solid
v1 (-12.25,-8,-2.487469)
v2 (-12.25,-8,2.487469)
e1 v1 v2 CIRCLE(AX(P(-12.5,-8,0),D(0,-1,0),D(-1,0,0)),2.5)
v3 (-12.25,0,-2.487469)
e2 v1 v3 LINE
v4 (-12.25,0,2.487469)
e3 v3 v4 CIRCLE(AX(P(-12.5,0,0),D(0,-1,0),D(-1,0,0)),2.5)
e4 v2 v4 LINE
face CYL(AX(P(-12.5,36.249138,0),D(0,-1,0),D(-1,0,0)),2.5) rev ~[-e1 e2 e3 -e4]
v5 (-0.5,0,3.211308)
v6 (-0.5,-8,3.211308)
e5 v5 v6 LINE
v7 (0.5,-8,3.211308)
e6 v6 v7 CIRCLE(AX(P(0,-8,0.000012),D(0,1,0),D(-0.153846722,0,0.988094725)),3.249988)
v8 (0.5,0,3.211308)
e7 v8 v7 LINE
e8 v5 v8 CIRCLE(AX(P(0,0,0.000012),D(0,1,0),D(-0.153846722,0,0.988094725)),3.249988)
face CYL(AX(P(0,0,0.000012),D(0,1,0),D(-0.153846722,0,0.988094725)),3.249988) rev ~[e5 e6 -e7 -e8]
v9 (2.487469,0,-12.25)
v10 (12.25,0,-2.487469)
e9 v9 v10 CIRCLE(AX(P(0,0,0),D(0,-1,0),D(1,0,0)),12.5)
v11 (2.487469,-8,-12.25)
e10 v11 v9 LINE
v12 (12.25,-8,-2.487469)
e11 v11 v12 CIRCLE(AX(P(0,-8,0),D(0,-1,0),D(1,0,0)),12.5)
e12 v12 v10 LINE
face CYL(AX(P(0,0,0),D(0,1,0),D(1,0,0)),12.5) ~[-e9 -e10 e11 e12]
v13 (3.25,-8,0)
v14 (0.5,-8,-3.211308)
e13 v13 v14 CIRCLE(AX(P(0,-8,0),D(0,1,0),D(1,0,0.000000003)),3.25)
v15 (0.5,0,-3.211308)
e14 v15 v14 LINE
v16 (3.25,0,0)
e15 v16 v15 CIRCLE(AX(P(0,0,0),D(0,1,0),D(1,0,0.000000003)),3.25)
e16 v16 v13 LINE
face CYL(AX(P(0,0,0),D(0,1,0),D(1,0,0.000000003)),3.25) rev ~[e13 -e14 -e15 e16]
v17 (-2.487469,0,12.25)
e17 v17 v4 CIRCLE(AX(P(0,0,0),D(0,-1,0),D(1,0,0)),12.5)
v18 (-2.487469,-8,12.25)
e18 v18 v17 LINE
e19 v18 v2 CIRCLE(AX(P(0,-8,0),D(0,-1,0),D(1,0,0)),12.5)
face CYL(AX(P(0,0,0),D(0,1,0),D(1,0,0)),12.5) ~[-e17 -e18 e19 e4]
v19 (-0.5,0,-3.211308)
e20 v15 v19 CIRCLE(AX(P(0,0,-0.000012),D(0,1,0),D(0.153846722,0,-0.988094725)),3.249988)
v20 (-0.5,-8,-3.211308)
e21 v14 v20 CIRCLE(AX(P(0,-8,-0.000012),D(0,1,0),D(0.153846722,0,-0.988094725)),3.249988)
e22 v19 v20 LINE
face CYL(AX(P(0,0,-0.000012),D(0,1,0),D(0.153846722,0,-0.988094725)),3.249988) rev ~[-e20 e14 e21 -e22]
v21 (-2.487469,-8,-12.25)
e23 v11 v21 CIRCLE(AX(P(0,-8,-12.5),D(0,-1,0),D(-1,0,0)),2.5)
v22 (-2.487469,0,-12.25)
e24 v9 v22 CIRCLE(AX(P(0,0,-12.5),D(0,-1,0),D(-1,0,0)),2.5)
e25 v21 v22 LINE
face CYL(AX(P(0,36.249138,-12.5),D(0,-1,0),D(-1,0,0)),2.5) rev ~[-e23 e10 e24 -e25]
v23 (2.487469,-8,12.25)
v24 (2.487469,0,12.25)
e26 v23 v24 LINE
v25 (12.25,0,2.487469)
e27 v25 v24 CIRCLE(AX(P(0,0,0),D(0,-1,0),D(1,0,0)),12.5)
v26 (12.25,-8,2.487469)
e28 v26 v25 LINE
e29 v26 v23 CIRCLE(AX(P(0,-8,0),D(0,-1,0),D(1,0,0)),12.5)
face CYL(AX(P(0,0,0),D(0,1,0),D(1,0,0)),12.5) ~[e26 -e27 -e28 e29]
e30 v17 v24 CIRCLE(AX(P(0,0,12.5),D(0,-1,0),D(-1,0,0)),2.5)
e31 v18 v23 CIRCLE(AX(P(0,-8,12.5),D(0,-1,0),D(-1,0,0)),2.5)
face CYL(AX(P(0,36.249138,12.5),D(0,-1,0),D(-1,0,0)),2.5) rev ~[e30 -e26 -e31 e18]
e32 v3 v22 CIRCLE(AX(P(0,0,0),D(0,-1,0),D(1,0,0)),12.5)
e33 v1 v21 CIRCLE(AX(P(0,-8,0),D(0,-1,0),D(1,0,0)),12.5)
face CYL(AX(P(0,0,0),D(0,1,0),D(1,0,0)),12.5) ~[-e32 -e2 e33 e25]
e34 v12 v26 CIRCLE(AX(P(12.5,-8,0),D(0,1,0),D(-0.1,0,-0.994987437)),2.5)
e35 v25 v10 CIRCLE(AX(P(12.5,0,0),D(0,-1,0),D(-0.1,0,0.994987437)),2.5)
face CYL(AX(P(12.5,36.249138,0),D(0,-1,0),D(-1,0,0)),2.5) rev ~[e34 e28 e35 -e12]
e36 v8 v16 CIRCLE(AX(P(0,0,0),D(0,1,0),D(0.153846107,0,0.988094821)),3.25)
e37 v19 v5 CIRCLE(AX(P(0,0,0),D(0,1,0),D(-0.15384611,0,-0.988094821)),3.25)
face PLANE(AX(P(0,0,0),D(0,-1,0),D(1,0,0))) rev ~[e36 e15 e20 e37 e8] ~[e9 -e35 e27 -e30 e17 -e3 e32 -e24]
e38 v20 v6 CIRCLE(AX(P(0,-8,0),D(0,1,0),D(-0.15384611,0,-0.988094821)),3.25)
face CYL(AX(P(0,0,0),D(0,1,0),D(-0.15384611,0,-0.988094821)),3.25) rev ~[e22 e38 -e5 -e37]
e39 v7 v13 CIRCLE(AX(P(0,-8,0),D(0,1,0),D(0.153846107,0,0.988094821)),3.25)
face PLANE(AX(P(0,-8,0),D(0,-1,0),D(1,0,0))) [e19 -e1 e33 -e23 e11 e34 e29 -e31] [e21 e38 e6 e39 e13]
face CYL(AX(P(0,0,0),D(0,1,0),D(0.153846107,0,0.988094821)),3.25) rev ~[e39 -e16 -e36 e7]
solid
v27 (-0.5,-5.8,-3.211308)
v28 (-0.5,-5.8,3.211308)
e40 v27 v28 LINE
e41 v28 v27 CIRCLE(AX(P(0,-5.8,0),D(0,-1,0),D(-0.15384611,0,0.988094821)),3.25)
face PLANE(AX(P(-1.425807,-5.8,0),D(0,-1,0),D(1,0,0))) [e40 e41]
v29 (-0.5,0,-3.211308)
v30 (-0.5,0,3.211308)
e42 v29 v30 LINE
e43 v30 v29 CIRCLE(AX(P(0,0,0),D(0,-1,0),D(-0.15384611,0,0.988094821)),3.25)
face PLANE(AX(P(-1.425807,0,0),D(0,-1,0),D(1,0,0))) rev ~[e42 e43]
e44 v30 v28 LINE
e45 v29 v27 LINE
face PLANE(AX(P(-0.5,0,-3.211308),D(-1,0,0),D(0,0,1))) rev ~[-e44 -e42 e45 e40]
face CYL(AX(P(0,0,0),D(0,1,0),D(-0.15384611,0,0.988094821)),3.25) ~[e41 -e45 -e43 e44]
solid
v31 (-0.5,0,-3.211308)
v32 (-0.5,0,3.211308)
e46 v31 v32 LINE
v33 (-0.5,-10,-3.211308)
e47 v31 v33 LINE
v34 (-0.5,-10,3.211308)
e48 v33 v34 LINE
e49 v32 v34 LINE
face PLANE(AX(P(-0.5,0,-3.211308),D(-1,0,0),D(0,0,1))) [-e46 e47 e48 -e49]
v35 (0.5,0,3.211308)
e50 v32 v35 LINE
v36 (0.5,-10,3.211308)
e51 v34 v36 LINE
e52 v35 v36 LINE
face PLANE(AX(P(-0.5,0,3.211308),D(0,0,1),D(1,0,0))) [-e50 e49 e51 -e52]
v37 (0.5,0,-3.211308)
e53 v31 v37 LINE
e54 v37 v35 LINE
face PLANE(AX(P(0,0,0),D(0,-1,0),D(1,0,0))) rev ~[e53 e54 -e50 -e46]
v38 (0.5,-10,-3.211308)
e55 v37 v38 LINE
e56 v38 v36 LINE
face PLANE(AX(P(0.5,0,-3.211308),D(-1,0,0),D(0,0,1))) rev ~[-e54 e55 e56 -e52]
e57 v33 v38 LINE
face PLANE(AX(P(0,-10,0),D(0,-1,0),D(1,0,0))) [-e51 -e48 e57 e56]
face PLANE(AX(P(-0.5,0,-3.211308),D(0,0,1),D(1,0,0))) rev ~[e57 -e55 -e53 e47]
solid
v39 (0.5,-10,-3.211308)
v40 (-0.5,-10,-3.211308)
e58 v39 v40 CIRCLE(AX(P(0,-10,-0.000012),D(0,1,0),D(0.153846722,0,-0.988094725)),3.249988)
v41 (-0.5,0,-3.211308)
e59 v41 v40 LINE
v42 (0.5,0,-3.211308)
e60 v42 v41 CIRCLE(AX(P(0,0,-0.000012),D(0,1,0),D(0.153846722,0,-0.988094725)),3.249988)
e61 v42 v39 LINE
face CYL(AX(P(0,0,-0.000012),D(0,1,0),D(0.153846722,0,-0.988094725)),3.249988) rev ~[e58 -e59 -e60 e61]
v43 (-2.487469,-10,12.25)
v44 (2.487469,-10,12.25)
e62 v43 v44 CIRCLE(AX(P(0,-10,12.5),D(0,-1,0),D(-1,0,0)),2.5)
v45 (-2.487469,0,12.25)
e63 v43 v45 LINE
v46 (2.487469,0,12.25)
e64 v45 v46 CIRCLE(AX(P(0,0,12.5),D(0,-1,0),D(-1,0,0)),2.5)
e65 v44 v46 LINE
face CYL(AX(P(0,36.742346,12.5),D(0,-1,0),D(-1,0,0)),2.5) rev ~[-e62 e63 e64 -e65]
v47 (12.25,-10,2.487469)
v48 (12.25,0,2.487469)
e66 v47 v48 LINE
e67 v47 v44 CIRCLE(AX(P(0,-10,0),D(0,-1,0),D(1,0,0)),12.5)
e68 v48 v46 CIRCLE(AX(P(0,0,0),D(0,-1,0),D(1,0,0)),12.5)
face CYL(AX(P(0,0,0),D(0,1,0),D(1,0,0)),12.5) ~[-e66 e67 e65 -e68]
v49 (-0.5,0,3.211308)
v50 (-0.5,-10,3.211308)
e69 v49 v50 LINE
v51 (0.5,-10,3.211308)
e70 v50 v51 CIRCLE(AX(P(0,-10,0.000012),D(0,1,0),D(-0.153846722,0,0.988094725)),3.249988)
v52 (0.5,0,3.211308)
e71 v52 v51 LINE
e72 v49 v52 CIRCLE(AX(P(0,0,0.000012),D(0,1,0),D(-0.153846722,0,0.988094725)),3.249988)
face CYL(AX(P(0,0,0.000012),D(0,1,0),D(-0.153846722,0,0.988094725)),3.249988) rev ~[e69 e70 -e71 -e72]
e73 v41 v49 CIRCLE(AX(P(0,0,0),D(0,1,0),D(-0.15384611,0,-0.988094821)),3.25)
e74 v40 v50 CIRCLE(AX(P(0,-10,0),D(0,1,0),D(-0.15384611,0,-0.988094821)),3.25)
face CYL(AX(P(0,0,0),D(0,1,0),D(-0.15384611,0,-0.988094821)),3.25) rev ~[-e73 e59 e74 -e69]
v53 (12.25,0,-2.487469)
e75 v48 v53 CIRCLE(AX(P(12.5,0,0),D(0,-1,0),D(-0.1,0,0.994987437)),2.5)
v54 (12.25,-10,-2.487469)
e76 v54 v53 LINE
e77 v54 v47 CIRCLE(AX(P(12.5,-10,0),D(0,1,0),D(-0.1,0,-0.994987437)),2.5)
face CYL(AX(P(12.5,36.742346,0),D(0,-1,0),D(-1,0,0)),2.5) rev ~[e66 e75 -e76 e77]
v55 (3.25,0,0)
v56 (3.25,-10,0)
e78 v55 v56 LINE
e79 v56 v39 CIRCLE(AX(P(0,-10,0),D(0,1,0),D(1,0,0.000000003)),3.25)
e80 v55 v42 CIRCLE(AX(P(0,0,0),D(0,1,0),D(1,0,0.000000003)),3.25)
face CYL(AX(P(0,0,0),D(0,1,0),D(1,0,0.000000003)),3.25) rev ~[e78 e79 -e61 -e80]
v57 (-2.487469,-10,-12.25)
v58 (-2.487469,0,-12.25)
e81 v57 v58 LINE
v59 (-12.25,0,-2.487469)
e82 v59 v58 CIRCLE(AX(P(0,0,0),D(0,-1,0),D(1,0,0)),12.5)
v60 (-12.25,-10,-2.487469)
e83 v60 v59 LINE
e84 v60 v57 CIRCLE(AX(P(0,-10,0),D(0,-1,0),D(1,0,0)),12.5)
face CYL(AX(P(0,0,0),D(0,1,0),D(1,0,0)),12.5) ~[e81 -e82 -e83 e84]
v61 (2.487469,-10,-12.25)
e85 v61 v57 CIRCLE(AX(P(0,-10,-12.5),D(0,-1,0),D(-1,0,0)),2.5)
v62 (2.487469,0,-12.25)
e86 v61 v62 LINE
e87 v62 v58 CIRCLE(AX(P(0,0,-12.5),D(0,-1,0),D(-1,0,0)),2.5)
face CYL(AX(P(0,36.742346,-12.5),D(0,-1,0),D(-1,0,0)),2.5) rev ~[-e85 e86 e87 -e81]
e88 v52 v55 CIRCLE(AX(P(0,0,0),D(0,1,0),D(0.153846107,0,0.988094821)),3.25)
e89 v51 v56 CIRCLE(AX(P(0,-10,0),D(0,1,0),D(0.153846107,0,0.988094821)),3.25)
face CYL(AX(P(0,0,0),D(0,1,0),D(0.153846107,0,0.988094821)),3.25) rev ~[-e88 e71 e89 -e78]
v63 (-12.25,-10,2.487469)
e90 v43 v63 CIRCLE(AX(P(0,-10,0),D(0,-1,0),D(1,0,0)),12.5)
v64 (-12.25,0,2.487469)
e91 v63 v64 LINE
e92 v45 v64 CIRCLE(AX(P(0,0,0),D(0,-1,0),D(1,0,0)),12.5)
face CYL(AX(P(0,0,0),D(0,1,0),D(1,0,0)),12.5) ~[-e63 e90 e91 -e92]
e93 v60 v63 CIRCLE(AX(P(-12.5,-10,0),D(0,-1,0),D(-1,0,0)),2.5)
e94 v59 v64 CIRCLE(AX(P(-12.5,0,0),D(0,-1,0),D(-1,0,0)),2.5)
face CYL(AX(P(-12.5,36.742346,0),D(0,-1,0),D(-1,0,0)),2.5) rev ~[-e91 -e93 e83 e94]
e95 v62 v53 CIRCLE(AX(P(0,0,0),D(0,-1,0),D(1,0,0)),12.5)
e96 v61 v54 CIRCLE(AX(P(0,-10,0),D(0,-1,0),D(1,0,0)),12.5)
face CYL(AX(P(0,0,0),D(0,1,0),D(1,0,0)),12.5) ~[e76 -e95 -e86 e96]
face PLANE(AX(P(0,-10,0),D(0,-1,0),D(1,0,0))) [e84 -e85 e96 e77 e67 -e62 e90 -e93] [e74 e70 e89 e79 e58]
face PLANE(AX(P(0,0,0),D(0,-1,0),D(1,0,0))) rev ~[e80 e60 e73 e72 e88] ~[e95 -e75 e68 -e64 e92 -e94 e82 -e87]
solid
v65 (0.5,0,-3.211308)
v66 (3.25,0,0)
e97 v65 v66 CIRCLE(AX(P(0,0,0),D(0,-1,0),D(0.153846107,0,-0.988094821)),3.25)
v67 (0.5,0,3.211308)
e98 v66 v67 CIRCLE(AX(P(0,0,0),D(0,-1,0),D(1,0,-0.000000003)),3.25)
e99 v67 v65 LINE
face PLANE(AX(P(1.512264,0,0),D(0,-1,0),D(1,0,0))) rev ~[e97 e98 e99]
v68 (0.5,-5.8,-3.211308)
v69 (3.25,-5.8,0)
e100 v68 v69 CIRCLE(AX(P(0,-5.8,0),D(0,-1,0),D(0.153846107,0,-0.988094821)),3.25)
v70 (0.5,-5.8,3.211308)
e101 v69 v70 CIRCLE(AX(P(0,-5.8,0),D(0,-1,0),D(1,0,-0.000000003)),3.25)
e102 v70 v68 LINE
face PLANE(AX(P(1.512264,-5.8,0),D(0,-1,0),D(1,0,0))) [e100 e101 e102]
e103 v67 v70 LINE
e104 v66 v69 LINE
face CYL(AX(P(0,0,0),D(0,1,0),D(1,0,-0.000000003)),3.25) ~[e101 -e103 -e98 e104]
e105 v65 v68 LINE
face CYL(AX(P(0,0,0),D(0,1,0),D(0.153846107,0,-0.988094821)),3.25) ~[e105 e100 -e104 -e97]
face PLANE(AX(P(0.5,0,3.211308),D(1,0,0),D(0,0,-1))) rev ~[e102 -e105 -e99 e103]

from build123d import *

# Parameters (mm, degrees)
F0_R     = 12.5
F0_W     = 1
F0_H     = 6.422616
F1_DEPTH = 10
F2_DEPTH = 5.8
F3_D     = 5
F4_DEPTH = 8
F5_D     = 5


with BuildPart() as f1:
    # F0 (on Front) → F1 (new body)
    with BuildSketch(Plane.XZ):
        Circle(F0_R)
        with BuildLine():
            ThreePointArc((0.5, 3.211308), (2.468552, 2.113942), (3.25, 0))
            ThreePointArc((3.25, 0), (2.468552, -2.113942), (0.5, -3.211308))
            ThreePointArc((0.5, -3.211308), (0, -3.25), (-0.5, -3.211308))
            ThreePointArc((-0.5, -3.211308), (-3.25, 0), (-0.5, 3.211308))
            ThreePointArc((-0.5, 3.211308), (0, 3.25), (0.5, 3.211308))
        make_face(mode=Mode.SUBTRACT)
        Rectangle(F0_W, F0_H)
    extrude(amount=F1_DEPTH)

    # F3 (through all)
    with Locations(Plane(origin=(0, 0, 0), x_dir=(1, 0, 0), z_dir=(0, 1, 0))):
        with Locations((0, 12.5), (12.5, 0), (-12.5, 0), (0, -12.5)):
            Hole(F3_D / 2)


with BuildPart() as f2:
    # F0 (on Front) → F2 (new body)
    with BuildSketch(Plane.XZ):
        with BuildLine():
            ThreePointArc((0.5, -3.211308), (2.468552, -2.113942), (3.25, 0))
            ThreePointArc((3.25, 0), (2.468552, 2.113942), (0.5, 3.211308))
            Line((0.5, 3.211308), (0.5, -3.211308))
        make_face()
        with BuildLine():
            Line((-0.5, -3.211308), (-0.5, 3.211308))
            ThreePointArc((-0.5, 3.211308), (-3.25, 0), (-0.5, -3.211308))
        make_face()
    extrude(amount=F2_DEPTH)


with BuildPart() as f4:
    # F0 (on Front) → F4 (new body)
    with BuildSketch(Plane.XZ):
        Circle(F0_R)
        with BuildLine():
            ThreePointArc((0.5, 3.211308), (2.468552, 2.113942), (3.25, 0))
            ThreePointArc((3.25, 0), (2.468552, -2.113942), (0.5, -3.211308))
            ThreePointArc((0.5, -3.211308), (0, -3.25), (-0.5, -3.211308))
            ThreePointArc((-0.5, -3.211308), (-3.25, 0), (-0.5, 3.211308))
            ThreePointArc((-0.5, 3.211308), (0, 3.25), (0.5, 3.211308))
        make_face(mode=Mode.SUBTRACT)
    extrude(amount=F4_DEPTH)

    # F5 (through all)
    with Locations(Plane(origin=(0, 0, 0), x_dir=(1, 0, 0), z_dir=(0, 1, 0))):
        with Locations((0, 12.5), (12.5, 0), (-12.5, 0), (0, -12.5)):
            Hole(F5_D / 2)


solid = Compound([f1.part, f2.part, f4.part])
